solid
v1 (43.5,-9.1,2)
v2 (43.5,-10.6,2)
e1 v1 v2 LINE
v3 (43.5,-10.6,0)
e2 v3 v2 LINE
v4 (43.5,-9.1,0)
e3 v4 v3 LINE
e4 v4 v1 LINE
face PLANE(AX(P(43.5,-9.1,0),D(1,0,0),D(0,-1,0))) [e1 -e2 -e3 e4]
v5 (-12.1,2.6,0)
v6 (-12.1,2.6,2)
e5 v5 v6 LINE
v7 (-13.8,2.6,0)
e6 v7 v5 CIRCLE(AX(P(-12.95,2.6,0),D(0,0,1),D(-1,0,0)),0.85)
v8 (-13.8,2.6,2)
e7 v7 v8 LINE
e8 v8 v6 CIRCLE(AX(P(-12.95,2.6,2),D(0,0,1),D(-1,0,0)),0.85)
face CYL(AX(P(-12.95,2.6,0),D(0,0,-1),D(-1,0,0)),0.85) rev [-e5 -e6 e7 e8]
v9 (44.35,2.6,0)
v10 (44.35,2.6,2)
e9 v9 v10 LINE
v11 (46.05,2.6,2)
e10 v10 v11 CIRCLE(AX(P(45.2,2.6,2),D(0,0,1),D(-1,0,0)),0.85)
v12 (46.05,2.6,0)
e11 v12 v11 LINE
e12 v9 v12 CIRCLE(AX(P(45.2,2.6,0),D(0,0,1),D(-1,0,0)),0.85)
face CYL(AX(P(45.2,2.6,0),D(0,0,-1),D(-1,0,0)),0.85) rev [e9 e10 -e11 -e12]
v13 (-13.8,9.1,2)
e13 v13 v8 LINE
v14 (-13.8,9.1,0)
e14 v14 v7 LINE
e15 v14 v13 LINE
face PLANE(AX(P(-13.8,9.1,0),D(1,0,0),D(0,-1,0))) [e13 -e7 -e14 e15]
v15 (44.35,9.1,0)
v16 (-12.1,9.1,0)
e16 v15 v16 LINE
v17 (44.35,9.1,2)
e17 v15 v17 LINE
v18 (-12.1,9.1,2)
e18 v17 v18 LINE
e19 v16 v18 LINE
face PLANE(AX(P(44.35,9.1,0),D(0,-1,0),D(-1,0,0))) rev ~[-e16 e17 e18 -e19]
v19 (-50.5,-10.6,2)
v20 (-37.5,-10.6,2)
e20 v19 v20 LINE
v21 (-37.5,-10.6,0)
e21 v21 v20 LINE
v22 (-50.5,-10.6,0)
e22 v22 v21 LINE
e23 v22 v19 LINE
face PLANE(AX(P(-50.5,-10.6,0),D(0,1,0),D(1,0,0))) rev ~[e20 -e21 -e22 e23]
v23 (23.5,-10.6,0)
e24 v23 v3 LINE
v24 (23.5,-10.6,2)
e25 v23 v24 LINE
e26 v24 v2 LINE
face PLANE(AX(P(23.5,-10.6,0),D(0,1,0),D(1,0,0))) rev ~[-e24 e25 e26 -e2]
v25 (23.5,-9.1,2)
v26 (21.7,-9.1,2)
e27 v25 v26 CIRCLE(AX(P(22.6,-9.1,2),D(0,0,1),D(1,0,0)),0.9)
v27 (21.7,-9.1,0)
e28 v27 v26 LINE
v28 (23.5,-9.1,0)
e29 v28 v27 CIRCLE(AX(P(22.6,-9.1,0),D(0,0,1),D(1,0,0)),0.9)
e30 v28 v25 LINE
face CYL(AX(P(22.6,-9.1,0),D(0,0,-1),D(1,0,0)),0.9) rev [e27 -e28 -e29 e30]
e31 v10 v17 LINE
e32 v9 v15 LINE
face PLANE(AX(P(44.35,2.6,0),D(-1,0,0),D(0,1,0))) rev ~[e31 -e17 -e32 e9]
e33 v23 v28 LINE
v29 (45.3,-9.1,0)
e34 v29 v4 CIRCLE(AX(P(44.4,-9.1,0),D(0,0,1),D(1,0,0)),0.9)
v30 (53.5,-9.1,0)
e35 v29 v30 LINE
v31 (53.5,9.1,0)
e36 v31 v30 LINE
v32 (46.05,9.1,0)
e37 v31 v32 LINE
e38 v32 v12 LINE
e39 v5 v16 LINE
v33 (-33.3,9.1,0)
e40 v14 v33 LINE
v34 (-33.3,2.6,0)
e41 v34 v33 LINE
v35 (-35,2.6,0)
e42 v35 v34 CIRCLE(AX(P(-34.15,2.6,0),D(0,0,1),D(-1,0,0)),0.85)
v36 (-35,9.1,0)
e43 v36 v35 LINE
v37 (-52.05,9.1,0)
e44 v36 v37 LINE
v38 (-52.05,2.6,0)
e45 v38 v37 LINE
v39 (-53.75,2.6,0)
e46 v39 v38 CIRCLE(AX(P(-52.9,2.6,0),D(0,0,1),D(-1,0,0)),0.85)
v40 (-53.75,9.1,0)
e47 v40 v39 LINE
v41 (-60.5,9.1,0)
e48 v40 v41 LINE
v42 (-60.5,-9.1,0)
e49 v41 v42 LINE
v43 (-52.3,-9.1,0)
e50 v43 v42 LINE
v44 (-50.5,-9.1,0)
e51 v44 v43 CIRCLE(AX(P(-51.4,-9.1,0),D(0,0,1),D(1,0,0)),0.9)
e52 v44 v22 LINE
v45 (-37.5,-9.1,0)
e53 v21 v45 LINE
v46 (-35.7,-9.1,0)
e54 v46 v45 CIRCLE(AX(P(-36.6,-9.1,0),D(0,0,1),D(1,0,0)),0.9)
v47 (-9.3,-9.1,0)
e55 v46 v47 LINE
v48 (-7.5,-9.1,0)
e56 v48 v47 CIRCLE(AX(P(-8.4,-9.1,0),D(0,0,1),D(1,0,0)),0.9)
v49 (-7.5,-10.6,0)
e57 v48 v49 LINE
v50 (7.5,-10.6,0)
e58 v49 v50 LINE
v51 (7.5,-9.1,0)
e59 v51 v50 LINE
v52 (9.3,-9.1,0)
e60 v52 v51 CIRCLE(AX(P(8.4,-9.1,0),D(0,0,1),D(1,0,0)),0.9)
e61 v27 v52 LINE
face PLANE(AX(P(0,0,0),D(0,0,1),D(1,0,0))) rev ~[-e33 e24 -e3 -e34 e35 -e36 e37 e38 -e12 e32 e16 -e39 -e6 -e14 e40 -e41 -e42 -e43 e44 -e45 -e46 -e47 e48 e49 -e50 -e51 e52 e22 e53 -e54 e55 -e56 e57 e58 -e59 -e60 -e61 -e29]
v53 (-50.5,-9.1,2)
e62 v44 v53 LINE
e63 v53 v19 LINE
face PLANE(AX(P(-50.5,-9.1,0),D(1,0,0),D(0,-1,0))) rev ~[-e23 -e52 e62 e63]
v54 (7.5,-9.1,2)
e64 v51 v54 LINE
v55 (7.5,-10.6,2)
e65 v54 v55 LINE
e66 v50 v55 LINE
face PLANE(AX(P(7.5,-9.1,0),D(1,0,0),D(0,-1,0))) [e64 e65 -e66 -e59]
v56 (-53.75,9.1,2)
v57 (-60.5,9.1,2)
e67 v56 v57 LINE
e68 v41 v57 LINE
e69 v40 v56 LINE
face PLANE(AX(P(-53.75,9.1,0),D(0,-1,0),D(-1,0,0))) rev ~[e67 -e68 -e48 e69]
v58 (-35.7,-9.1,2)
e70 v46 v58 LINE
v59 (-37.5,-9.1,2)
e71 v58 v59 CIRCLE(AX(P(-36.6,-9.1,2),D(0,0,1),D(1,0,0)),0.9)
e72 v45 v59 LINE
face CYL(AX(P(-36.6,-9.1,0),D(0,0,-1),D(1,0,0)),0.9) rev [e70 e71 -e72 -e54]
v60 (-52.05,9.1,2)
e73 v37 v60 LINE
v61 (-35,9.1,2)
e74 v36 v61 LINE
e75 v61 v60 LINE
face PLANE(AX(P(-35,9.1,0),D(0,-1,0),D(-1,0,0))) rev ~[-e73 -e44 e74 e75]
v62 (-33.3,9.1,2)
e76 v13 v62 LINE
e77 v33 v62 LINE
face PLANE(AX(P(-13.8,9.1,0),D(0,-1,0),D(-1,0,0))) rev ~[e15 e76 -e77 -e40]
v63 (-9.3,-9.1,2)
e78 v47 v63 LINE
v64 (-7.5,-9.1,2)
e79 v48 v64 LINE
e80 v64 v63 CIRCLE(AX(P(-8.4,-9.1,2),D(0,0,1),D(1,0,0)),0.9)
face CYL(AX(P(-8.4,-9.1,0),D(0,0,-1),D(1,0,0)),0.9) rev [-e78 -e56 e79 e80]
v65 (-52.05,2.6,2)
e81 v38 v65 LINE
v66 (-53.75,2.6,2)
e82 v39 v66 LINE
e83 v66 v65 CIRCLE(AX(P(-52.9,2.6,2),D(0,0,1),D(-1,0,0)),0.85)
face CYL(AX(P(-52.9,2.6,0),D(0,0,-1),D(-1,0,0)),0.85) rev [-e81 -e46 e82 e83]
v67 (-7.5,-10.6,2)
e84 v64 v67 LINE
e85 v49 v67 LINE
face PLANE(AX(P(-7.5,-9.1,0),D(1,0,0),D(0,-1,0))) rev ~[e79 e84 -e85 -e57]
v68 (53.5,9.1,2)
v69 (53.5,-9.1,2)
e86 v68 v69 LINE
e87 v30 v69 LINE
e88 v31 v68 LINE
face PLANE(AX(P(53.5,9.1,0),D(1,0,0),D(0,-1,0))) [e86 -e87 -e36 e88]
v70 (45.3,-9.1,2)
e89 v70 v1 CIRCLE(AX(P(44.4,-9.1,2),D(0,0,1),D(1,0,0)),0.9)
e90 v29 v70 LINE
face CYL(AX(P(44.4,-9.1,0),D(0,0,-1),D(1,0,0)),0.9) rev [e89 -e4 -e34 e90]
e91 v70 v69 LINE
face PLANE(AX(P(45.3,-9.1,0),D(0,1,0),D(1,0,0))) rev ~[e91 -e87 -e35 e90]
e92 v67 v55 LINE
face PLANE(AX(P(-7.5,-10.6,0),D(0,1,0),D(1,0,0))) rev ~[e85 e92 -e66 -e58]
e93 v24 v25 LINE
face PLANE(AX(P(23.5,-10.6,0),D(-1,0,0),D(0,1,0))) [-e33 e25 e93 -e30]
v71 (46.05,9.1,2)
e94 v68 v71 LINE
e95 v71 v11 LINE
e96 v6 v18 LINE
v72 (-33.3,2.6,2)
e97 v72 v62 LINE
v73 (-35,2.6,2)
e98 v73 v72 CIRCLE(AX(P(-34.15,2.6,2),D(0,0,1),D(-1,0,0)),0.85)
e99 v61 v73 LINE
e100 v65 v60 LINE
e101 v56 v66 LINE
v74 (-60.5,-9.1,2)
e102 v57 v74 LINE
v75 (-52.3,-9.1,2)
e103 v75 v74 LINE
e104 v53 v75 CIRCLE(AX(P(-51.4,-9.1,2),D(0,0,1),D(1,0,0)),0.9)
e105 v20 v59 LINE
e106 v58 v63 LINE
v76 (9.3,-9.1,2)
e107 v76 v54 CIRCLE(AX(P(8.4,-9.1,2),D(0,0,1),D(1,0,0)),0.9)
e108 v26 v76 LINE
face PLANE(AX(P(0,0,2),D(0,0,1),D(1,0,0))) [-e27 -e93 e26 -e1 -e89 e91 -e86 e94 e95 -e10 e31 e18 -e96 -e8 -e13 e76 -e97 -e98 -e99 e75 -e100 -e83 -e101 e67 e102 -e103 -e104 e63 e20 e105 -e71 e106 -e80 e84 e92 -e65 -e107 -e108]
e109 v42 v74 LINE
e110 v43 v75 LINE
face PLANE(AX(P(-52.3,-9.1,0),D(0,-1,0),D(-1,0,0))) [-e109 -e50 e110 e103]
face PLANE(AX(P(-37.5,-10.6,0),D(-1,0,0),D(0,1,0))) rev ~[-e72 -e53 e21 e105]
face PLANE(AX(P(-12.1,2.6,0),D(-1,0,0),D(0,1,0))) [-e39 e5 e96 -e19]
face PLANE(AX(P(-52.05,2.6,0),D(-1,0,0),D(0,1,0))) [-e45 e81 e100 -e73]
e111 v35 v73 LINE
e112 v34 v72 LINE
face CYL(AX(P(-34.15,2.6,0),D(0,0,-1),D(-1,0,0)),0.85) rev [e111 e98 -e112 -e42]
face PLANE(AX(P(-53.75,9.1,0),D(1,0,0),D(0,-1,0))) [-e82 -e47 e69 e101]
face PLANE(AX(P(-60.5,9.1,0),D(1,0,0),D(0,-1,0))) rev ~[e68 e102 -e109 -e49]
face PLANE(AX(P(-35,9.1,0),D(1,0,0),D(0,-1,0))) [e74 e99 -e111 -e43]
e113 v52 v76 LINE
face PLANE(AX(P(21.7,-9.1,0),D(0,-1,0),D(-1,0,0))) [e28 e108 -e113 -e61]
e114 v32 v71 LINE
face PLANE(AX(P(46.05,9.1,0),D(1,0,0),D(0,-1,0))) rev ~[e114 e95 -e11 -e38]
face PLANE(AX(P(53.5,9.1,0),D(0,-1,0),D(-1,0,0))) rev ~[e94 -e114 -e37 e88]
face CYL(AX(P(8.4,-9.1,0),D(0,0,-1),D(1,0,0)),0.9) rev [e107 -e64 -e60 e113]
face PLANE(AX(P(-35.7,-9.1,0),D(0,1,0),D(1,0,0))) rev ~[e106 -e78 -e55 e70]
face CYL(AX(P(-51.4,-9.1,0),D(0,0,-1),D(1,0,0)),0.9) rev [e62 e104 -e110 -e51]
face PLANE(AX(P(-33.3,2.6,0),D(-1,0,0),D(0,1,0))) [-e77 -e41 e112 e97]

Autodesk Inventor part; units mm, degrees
ref_plane "YZ Plane" through (0, 0, 0) normal (1, 0, 0) x (0, 1, 0)
ref_plane "XZ Plane" through (0, 0, 0) normal (0, 1, 0) x (-1, 0, 0)
ref_plane "XY Plane" through (0, 0, 0) normal (0, 0, 1) x (1, 0, 0)
sketch "Sketch4" plane through (0, 0, 0) normal (0, 0, 1) x (1, 0, 0)
  line L0 (-60.5, 9.1) -> (-60.5, -9.1)
  line L1 (53.5, 9.1) -> (53.5, -9.1)
  line L2 (-37.5, -10.6) -> (-37.5, -9.1)
  line L3 (-50.5, -9.1) -> (-50.5, -10.6)
  line L4 (-52.3, -9.1) -> (-60.5, -9.1)
  line L5 (-35.7, -9.1) -> (-9.3, -9.1)
  line L6 (-7.5, -9.1) -> (-7.5, -10.6)
  line L7 (23.5, -10.6) -> (23.5, -9.1)
  line L8 (43.5, -9.1) -> (43.5, -10.6)
  line L9 (45.3, -9.1) -> (53.5, -9.1)
  line L10 (21.7, -9.1) -> (9.3, -9.1)
  line L11 (7.5, -9.1) -> (7.5, -10.6)
  line L12 (-50.5, -10.6) -> (-37.5, -10.6)
  line L13 (-7.5, -10.6) -> (7.5, -10.6)
  line L14 (23.5, -10.6) -> (43.5, -10.6)
  arc A0 (-50.5, -9.1) -> (-52.3, -9.1) centre (-51.4, -9.1) ccw
  arc A1 (-35.7, -9.1) -> (-37.5, -9.1) centre (-36.6, -9.1) ccw
  arc A2 (-7.5, -9.1) -> (-9.3, -9.1) centre (-8.4, -9.1) ccw
  arc A3 (9.3, -9.1) -> (7.5, -9.1) centre (8.4, -9.1) ccw
  arc A4 (23.5, -9.1) -> (21.7, -9.1) centre (22.6, -9.1) ccw
  arc A5 (45.3, -9.1) -> (43.5, -9.1) centre (44.4, -9.1) ccw
  line L15 (-53.75, 9.1) -> (-53.75, 2.6)
  line L16 (-52.05, 2.6) -> (-52.05, 9.1)
  line L17 (-35, 9.1) -> (-35, 2.6)
  line L18 (-33.3, 2.6) -> (-33.3, 9.1)
  line L19 (-13.8, 9.1) -> (-13.8, 2.6)
  line L20 (-12.1, 2.6) -> (-12.1, 9.1)
  line L21 (46.05, 9.1) -> (46.05, 2.6)
  line L22 (44.35, 2.6) -> (44.35, 9.1)
  line L23 (-53.75, 9.1) -> (-60.5, 9.1)
  line L24 (-35, 9.1) -> (-52.05, 9.1)
  line L25 (-13.8, 9.1) -> (-33.3, 9.1)
  line L26 (53.5, 9.1) -> (46.05, 9.1)
  line L27 (44.35, 9.1) -> (-12.1, 9.1)
  arc A6 (-53.75, 2.6) -> (-52.05, 2.6) centre (-52.9, 2.6) ccw
  arc A7 (-35, 2.6) -> (-33.3, 2.6) centre (-34.15, 2.6) ccw
  arc A8 (-13.8, 2.6) -> (-12.1, 2.6) centre (-12.95, 2.6) ccw
  arc A9 (44.35, 2.6) -> (46.05, 2.6) centre (45.2, 2.6) ccw
  point P0 (0, 0)
  point P1 (0, 9.1)
  point P2 (-60.5, 0)
  point P3 (0, -10.6)
  dimension "d25" = 10
  dimension "d26" = 13
  dimension "d27" = 30
  dimension "d28" = 10
  dimension "d29" = 114
  dimension "d33" = 1.5
  dimension "d36" = 1.8
  dimension "d37" = 20
  dimension "d38" = 15
  dimension "d39" = 16
  dimension "d41" = 1.7
  dimension "d44" = 19.5
  dimension "d45" = 17.05
  dimension "d46" = 56.45
  dimension "d48" = 6.75
  dimension "d49" = 18.2
  dimension "d51" = 6.5
  dimension "d52" = 1.7
  dimension "d53" = 1.7
  dimension "d54" = 1.7
extrude "Extrusion2" add sketch "Sketch4" along normal blind 2
equation "\"d52\" = d41"
equation "\"d53\" = d52"
equation "\"d54\" = d53"
properties part number "Board_separator"
